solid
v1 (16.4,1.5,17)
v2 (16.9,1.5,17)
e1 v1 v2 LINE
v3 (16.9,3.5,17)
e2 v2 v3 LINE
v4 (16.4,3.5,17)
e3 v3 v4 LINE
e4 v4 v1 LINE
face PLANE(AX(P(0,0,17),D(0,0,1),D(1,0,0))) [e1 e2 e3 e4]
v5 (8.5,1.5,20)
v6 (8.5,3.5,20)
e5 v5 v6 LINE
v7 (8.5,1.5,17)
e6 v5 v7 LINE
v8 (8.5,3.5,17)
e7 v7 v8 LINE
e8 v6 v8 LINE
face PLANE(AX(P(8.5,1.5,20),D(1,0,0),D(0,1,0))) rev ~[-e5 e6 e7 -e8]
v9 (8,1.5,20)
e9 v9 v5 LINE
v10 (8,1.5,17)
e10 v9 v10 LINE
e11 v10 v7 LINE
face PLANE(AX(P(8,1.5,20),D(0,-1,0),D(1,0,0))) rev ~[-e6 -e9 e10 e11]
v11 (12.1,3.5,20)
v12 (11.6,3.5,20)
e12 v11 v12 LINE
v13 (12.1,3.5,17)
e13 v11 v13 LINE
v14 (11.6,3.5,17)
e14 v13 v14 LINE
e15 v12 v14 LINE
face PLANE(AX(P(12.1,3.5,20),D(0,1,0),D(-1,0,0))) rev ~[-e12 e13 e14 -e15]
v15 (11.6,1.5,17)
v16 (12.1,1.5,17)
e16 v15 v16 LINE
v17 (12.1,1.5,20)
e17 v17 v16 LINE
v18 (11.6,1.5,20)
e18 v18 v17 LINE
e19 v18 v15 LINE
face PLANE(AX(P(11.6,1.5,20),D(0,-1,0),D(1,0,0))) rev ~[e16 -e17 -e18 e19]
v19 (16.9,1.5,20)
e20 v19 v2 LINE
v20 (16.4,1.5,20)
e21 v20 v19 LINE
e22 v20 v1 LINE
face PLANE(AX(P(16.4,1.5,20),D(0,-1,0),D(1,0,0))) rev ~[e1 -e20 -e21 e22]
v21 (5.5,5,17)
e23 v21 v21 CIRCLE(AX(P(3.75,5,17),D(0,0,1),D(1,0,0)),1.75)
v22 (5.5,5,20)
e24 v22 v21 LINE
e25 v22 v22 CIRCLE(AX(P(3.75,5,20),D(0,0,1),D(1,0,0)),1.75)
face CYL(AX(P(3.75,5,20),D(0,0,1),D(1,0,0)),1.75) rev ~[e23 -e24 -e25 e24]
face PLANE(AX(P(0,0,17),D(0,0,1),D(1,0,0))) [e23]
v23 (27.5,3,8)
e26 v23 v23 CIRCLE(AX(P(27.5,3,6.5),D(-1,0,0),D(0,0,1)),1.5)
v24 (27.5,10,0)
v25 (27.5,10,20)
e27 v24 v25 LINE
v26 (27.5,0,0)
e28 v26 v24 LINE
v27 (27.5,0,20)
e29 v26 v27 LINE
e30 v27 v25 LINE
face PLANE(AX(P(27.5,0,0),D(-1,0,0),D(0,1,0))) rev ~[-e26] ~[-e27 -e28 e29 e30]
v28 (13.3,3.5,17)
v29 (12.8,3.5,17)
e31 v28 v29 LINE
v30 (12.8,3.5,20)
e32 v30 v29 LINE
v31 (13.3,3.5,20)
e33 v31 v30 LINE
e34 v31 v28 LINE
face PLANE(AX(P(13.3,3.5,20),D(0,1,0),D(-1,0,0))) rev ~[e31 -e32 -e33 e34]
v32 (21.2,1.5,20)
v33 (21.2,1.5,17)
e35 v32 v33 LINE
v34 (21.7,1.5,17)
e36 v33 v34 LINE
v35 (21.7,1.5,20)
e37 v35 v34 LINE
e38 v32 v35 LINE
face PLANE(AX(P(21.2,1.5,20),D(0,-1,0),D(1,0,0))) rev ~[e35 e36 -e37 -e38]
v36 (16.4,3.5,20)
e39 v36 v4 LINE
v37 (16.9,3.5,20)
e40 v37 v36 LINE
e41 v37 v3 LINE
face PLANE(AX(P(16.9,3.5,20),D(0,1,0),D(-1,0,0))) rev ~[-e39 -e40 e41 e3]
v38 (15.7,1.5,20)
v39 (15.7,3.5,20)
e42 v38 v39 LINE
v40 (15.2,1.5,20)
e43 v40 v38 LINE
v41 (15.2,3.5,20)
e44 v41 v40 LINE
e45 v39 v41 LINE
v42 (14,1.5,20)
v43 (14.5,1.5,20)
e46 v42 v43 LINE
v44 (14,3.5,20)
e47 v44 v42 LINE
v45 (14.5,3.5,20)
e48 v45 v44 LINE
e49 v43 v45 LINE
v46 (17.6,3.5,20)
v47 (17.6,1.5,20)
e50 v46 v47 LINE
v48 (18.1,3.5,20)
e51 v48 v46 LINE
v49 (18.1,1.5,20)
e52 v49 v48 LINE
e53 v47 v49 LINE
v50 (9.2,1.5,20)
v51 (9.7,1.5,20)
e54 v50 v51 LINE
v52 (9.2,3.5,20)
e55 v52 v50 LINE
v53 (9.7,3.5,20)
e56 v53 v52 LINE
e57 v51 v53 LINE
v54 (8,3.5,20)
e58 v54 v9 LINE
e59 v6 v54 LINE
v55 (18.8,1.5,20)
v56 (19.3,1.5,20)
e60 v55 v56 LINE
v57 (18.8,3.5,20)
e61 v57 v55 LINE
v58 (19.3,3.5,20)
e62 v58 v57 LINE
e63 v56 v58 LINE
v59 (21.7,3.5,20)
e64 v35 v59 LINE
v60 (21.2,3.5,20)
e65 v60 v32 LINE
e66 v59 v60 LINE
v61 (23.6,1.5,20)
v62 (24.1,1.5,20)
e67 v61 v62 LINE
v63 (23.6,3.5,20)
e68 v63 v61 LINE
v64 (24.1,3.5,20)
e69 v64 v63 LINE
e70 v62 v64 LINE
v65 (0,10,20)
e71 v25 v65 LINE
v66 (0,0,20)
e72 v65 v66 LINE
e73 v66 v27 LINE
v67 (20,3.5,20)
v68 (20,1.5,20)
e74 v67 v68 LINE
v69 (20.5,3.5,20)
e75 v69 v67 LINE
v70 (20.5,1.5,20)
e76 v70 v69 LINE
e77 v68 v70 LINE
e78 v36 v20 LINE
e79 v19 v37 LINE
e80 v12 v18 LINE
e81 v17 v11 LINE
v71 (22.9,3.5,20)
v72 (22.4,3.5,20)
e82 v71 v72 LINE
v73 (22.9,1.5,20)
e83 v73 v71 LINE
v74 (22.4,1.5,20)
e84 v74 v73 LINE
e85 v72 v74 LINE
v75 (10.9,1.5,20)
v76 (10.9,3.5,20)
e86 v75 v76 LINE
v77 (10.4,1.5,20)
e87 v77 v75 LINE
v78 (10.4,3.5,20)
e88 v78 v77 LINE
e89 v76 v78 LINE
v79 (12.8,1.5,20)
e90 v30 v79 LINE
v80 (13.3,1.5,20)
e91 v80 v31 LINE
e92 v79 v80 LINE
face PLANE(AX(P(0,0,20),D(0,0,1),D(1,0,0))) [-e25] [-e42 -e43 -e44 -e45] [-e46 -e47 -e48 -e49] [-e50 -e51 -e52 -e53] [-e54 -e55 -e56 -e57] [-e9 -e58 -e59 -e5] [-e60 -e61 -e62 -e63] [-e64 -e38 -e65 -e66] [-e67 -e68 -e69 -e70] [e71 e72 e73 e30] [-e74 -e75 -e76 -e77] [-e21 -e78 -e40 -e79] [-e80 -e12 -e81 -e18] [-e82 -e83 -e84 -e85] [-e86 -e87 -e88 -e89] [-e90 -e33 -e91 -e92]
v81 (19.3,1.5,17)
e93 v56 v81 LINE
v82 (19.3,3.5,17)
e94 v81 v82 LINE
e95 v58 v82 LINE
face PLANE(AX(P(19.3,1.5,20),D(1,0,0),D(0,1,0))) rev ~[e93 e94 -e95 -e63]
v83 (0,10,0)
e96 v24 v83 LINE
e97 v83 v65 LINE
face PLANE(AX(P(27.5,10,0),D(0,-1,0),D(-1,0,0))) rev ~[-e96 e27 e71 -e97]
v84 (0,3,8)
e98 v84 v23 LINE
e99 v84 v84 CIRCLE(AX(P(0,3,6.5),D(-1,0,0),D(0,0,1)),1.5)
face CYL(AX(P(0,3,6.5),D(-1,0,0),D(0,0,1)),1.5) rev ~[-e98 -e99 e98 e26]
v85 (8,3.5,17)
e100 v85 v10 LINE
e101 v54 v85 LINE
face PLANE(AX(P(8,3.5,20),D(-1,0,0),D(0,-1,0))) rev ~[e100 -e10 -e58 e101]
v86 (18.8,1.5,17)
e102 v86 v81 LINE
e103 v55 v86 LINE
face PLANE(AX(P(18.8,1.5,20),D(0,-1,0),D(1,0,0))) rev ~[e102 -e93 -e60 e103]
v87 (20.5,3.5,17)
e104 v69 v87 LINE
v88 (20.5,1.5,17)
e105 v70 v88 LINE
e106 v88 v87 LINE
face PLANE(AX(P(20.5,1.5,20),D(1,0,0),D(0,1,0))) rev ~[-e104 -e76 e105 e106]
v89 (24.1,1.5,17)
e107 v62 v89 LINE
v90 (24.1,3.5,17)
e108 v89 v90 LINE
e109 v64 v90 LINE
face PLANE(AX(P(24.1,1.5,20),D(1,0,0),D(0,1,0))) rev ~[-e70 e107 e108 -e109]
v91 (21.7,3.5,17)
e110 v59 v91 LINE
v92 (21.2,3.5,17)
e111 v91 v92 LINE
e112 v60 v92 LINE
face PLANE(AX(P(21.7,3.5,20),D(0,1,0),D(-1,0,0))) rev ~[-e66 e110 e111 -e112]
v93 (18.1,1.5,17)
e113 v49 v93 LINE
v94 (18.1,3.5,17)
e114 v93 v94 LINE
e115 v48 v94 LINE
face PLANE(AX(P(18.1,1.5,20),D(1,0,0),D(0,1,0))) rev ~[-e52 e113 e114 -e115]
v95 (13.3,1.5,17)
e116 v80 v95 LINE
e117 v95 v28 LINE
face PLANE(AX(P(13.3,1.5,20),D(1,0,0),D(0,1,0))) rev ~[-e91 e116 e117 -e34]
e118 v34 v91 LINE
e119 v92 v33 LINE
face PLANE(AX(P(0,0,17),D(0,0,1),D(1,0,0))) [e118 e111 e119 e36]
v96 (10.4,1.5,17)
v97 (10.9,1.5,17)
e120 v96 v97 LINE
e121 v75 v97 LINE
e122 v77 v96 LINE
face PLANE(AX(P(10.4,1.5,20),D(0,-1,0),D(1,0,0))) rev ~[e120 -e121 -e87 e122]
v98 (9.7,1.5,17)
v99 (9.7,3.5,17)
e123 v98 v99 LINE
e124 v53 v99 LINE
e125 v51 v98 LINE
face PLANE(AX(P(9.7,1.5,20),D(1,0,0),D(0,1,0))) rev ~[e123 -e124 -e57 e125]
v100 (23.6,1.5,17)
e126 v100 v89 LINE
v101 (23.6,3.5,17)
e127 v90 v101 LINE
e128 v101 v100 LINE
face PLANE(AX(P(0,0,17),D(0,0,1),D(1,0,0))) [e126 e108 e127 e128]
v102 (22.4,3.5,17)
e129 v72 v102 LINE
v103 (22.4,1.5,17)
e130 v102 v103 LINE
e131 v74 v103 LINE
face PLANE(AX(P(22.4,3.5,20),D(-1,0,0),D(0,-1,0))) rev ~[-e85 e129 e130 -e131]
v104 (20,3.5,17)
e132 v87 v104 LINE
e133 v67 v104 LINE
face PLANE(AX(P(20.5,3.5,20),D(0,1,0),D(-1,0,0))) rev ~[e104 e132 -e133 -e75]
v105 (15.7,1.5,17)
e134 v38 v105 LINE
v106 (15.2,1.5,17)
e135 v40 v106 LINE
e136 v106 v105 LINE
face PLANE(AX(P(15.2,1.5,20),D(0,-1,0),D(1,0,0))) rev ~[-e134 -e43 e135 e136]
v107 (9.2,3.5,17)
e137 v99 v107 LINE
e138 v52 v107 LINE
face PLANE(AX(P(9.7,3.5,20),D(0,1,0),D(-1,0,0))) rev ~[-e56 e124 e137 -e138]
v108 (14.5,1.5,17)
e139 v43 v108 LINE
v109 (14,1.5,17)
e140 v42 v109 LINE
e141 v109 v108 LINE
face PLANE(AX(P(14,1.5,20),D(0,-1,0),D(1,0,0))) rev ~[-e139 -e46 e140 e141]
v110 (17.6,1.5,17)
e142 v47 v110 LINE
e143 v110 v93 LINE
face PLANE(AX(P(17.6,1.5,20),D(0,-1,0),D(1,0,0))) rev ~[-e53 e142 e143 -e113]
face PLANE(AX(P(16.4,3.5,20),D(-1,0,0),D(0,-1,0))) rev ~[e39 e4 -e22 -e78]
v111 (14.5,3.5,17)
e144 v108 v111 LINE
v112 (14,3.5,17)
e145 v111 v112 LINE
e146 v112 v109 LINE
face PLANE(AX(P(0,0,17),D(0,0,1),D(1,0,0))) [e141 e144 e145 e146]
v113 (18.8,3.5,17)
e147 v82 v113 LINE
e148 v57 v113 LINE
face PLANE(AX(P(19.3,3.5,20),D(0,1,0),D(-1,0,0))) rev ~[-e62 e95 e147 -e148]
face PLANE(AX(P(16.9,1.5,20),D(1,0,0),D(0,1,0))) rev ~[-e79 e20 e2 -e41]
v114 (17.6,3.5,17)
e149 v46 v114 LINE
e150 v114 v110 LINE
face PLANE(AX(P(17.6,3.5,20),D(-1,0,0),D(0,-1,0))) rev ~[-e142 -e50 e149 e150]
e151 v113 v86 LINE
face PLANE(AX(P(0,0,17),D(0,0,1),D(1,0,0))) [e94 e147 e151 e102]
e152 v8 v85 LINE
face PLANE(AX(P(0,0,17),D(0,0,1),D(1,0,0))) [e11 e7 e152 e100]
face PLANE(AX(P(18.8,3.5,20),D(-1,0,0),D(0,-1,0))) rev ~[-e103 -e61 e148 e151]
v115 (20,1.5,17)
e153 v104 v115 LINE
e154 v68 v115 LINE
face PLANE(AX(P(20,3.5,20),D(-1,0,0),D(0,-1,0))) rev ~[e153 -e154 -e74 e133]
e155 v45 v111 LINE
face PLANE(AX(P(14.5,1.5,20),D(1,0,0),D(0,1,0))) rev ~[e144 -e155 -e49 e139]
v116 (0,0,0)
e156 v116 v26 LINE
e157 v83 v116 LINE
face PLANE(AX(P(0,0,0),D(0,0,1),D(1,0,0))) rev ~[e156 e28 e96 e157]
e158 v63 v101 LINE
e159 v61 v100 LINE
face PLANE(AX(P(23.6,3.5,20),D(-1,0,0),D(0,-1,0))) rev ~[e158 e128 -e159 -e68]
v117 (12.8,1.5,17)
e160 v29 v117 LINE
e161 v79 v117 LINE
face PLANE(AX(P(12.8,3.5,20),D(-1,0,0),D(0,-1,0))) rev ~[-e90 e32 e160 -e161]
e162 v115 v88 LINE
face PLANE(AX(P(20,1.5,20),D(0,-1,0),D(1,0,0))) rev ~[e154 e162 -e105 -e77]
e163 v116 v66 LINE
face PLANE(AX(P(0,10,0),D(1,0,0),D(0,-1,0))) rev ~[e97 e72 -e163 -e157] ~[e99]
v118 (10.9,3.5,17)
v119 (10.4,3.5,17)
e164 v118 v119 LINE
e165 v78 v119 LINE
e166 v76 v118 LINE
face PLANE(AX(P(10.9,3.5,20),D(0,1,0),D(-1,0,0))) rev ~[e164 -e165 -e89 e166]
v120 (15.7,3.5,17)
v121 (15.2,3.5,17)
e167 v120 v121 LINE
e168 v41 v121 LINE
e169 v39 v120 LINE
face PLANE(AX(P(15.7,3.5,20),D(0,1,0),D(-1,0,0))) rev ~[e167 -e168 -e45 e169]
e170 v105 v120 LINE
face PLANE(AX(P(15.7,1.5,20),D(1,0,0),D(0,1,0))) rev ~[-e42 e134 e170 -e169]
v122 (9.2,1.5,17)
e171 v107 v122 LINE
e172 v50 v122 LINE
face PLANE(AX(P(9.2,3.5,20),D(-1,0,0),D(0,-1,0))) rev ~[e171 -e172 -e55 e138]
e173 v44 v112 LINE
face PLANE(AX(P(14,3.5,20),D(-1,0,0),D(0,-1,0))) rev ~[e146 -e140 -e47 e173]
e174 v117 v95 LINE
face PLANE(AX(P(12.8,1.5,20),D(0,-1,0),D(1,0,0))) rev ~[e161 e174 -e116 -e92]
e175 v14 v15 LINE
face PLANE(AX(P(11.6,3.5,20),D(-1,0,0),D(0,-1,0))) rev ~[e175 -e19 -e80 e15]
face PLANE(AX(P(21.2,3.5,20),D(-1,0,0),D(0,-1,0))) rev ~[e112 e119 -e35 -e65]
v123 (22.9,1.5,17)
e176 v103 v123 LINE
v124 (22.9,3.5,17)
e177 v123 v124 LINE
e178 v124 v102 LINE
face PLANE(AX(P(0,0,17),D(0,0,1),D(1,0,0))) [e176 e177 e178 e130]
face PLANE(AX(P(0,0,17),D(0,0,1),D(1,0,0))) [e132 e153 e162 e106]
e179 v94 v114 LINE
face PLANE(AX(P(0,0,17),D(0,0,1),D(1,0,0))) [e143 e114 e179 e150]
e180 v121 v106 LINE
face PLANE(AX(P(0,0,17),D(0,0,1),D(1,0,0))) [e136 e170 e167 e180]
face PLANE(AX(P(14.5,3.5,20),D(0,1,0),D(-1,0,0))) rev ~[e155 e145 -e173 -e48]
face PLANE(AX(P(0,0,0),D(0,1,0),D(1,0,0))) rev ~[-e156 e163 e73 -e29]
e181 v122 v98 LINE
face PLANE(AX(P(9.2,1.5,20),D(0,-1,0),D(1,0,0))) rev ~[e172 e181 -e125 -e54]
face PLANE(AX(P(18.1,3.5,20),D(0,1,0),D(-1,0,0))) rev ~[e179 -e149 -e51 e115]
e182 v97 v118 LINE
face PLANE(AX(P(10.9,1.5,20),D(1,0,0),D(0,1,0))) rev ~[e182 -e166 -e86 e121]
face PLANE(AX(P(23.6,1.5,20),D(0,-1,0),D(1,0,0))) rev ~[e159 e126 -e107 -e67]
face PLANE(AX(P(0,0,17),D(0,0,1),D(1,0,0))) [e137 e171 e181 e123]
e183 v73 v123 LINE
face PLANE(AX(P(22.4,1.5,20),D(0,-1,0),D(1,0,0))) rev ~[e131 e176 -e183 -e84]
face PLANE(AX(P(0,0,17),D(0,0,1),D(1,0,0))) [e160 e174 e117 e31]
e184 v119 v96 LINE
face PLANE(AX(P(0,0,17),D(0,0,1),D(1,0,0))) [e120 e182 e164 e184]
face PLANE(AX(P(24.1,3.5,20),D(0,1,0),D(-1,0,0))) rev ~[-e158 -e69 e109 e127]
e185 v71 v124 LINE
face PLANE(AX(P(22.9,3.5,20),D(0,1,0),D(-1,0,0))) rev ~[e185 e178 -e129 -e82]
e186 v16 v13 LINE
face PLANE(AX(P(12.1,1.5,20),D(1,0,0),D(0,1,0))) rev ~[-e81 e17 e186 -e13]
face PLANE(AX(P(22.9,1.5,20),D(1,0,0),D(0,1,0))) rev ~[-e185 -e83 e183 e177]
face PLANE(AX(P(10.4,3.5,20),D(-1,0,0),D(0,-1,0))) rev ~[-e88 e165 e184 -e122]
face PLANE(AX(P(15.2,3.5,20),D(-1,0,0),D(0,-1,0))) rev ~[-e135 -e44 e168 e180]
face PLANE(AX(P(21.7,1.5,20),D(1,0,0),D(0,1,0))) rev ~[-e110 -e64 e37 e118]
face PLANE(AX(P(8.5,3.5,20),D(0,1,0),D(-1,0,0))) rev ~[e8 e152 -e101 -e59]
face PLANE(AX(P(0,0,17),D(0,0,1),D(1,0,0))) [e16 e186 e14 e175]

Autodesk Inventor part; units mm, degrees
ref_plane "YZ Plane" through (0, 0, 0) normal (1, 0, 0) x (0, 1, 0)
ref_plane "XZ Plane" through (0, 0, 0) normal (0, 1, 0) x (-1, 0, 0)
ref_plane "XY Plane" through (0, 0, 0) normal (0, 0, 1) x (1, 0, 0)
sketch "Sketch1" plane through (0, 0, 0) normal (0, 0, 1) x (1, 0, 0)
  line L0 (0, 0) -> (27.5, 0)
  line L1 (27.5, 0) -> (27.5, 10)
  line L2 (27.5, 10) -> (0, 10)
  line L3 (0, 10) -> (0, 0)
  dimension "d0" = 27.5
  dimension "d1" = 10
extrude "Extrusion1" add sketch "Sketch1" along normal blind 20
sketch "Sketch2" plane through (0, 0, 20) normal (0, 0, 1) x (1, 0, 0)
  circle A0 centre (3.75, 5) radius 1.75
  line L0 (0, 0) -> (27.5, 0) projected
  line L1 (0, 10) -> (0, 0) projected
  line L2 (24.1, 3.5) -> (23.6, 3.5)
  line L3 (23.6, 3.5) -> (23.6, 1.5)
  line L4 (23.6, 1.5) -> (24.1, 1.5)
  line L5 (24.1, 1.5) -> (24.1, 3.5)
  line L6 (27.5, 0) -> (27.5, 10) projected
  line L7 (22.9, 3.5) -> (22.4, 3.5)
  line L8 (22.4, 3.5) -> (22.4, 1.5)
  line L9 (22.4, 1.5) -> (22.9, 1.5)
  line L10 (22.9, 1.5) -> (22.9, 3.5)
  line L11 (21.7, 3.5) -> (21.2, 3.5)
  line L12 (21.2, 3.5) -> (21.2, 1.5)
  line L13 (21.2, 1.5) -> (21.7, 1.5)
  line L14 (21.7, 1.5) -> (21.7, 3.5)
  line L15 (20.5, 3.5) -> (20, 3.5)
  line L16 (20, 3.5) -> (20, 1.5)
  line L17 (20, 1.5) -> (20.5, 1.5)
  line L18 (20.5, 1.5) -> (20.5, 3.5)
  line L19 (19.3, 3.5) -> (18.8, 3.5)
  line L20 (18.8, 3.5) -> (18.8, 1.5)
  line L21 (18.8, 1.5) -> (19.3, 1.5)
  line L22 (19.3, 1.5) -> (19.3, 3.5)
  line L23 (18.1, 3.5) -> (17.6, 3.5)
  line L24 (17.6, 3.5) -> (17.6, 1.5)
  line L25 (17.6, 1.5) -> (18.1, 1.5)
  line L26 (18.1, 1.5) -> (18.1, 3.5)
  line L27 (16.9, 3.5) -> (16.4, 3.5)
  line L28 (16.4, 3.5) -> (16.4, 1.5)
  line L29 (16.4, 1.5) -> (16.9, 1.5)
  line L30 (16.9, 1.5) -> (16.9, 3.5)
  line L31 (15.7, 3.5) -> (15.2, 3.5)
  line L32 (15.2, 3.5) -> (15.2, 1.5)
  line L33 (15.2, 1.5) -> (15.7, 1.5)
  line L34 (15.7, 1.5) -> (15.7, 3.5)
  line L35 (14.5, 3.5) -> (14, 3.5)
  line L36 (14, 3.5) -> (14, 1.5)
  line L37 (14, 1.5) -> (14.5, 1.5)
  line L38 (14.5, 1.5) -> (14.5, 3.5)
  line L39 (13.3, 3.5) -> (12.8, 3.5)
  line L40 (12.8, 3.5) -> (12.8, 1.5)
  line L41 (12.8, 1.5) -> (13.3, 1.5)
  line L42 (13.3, 1.5) -> (13.3, 3.5)
  line L43 (12.1, 3.5) -> (11.6, 3.5)
  line L44 (11.6, 3.5) -> (11.6, 1.5)
  line L45 (11.6, 1.5) -> (12.1, 1.5)
  line L46 (12.1, 1.5) -> (12.1, 3.5)
  line L47 (10.9, 3.5) -> (10.4, 3.5)
  line L48 (10.4, 3.5) -> (10.4, 1.5)
  line L49 (10.4, 1.5) -> (10.9, 1.5)
  line L50 (10.9, 1.5) -> (10.9, 3.5)
  line L51 (9.7, 3.5) -> (9.2, 3.5)
  line L52 (9.2, 3.5) -> (9.2, 1.5)
  line L53 (9.2, 1.5) -> (9.7, 1.5)
  line L54 (9.7, 1.5) -> (9.7, 3.5)
  line L55 (8.5, 3.5) -> (8, 3.5)
  line L56 (8, 3.5) -> (8, 1.5)
  line L57 (8, 1.5) -> (8.5, 1.5)
  line L58 (8.5, 1.5) -> (8.5, 3.5)
  dimension "d4" = 5
  dimension "d5" = 3.75
  dimension "d6" = 3.5
  dimension "d7" = 0.5
  dimension "d8" = 2
  dimension "d9" = 3.4
  dimension "d10" = 1.5
  dimension "d13" = 1.2
extrude "Extrusion2" cut sketch "Sketch2" against normal blind 3
sketch "Sketch3" plane through (0, 0, 0) normal (-1, 0, 0) x (0, 0, 1)
  circle A0 centre (6.5, 3) radius 1.5
  line L0 (0, 10) -> (0, 0) projected
  line L1 (0, 0) -> (20, 0) projected
  dimension "d20" = 3
  dimension "d21" = 6.5
  dimension "d22" = 3
extrude "Extrusion3" cut sketch "Sketch3" against normal through all
properties part number "Head" material "ABS Plastic"
